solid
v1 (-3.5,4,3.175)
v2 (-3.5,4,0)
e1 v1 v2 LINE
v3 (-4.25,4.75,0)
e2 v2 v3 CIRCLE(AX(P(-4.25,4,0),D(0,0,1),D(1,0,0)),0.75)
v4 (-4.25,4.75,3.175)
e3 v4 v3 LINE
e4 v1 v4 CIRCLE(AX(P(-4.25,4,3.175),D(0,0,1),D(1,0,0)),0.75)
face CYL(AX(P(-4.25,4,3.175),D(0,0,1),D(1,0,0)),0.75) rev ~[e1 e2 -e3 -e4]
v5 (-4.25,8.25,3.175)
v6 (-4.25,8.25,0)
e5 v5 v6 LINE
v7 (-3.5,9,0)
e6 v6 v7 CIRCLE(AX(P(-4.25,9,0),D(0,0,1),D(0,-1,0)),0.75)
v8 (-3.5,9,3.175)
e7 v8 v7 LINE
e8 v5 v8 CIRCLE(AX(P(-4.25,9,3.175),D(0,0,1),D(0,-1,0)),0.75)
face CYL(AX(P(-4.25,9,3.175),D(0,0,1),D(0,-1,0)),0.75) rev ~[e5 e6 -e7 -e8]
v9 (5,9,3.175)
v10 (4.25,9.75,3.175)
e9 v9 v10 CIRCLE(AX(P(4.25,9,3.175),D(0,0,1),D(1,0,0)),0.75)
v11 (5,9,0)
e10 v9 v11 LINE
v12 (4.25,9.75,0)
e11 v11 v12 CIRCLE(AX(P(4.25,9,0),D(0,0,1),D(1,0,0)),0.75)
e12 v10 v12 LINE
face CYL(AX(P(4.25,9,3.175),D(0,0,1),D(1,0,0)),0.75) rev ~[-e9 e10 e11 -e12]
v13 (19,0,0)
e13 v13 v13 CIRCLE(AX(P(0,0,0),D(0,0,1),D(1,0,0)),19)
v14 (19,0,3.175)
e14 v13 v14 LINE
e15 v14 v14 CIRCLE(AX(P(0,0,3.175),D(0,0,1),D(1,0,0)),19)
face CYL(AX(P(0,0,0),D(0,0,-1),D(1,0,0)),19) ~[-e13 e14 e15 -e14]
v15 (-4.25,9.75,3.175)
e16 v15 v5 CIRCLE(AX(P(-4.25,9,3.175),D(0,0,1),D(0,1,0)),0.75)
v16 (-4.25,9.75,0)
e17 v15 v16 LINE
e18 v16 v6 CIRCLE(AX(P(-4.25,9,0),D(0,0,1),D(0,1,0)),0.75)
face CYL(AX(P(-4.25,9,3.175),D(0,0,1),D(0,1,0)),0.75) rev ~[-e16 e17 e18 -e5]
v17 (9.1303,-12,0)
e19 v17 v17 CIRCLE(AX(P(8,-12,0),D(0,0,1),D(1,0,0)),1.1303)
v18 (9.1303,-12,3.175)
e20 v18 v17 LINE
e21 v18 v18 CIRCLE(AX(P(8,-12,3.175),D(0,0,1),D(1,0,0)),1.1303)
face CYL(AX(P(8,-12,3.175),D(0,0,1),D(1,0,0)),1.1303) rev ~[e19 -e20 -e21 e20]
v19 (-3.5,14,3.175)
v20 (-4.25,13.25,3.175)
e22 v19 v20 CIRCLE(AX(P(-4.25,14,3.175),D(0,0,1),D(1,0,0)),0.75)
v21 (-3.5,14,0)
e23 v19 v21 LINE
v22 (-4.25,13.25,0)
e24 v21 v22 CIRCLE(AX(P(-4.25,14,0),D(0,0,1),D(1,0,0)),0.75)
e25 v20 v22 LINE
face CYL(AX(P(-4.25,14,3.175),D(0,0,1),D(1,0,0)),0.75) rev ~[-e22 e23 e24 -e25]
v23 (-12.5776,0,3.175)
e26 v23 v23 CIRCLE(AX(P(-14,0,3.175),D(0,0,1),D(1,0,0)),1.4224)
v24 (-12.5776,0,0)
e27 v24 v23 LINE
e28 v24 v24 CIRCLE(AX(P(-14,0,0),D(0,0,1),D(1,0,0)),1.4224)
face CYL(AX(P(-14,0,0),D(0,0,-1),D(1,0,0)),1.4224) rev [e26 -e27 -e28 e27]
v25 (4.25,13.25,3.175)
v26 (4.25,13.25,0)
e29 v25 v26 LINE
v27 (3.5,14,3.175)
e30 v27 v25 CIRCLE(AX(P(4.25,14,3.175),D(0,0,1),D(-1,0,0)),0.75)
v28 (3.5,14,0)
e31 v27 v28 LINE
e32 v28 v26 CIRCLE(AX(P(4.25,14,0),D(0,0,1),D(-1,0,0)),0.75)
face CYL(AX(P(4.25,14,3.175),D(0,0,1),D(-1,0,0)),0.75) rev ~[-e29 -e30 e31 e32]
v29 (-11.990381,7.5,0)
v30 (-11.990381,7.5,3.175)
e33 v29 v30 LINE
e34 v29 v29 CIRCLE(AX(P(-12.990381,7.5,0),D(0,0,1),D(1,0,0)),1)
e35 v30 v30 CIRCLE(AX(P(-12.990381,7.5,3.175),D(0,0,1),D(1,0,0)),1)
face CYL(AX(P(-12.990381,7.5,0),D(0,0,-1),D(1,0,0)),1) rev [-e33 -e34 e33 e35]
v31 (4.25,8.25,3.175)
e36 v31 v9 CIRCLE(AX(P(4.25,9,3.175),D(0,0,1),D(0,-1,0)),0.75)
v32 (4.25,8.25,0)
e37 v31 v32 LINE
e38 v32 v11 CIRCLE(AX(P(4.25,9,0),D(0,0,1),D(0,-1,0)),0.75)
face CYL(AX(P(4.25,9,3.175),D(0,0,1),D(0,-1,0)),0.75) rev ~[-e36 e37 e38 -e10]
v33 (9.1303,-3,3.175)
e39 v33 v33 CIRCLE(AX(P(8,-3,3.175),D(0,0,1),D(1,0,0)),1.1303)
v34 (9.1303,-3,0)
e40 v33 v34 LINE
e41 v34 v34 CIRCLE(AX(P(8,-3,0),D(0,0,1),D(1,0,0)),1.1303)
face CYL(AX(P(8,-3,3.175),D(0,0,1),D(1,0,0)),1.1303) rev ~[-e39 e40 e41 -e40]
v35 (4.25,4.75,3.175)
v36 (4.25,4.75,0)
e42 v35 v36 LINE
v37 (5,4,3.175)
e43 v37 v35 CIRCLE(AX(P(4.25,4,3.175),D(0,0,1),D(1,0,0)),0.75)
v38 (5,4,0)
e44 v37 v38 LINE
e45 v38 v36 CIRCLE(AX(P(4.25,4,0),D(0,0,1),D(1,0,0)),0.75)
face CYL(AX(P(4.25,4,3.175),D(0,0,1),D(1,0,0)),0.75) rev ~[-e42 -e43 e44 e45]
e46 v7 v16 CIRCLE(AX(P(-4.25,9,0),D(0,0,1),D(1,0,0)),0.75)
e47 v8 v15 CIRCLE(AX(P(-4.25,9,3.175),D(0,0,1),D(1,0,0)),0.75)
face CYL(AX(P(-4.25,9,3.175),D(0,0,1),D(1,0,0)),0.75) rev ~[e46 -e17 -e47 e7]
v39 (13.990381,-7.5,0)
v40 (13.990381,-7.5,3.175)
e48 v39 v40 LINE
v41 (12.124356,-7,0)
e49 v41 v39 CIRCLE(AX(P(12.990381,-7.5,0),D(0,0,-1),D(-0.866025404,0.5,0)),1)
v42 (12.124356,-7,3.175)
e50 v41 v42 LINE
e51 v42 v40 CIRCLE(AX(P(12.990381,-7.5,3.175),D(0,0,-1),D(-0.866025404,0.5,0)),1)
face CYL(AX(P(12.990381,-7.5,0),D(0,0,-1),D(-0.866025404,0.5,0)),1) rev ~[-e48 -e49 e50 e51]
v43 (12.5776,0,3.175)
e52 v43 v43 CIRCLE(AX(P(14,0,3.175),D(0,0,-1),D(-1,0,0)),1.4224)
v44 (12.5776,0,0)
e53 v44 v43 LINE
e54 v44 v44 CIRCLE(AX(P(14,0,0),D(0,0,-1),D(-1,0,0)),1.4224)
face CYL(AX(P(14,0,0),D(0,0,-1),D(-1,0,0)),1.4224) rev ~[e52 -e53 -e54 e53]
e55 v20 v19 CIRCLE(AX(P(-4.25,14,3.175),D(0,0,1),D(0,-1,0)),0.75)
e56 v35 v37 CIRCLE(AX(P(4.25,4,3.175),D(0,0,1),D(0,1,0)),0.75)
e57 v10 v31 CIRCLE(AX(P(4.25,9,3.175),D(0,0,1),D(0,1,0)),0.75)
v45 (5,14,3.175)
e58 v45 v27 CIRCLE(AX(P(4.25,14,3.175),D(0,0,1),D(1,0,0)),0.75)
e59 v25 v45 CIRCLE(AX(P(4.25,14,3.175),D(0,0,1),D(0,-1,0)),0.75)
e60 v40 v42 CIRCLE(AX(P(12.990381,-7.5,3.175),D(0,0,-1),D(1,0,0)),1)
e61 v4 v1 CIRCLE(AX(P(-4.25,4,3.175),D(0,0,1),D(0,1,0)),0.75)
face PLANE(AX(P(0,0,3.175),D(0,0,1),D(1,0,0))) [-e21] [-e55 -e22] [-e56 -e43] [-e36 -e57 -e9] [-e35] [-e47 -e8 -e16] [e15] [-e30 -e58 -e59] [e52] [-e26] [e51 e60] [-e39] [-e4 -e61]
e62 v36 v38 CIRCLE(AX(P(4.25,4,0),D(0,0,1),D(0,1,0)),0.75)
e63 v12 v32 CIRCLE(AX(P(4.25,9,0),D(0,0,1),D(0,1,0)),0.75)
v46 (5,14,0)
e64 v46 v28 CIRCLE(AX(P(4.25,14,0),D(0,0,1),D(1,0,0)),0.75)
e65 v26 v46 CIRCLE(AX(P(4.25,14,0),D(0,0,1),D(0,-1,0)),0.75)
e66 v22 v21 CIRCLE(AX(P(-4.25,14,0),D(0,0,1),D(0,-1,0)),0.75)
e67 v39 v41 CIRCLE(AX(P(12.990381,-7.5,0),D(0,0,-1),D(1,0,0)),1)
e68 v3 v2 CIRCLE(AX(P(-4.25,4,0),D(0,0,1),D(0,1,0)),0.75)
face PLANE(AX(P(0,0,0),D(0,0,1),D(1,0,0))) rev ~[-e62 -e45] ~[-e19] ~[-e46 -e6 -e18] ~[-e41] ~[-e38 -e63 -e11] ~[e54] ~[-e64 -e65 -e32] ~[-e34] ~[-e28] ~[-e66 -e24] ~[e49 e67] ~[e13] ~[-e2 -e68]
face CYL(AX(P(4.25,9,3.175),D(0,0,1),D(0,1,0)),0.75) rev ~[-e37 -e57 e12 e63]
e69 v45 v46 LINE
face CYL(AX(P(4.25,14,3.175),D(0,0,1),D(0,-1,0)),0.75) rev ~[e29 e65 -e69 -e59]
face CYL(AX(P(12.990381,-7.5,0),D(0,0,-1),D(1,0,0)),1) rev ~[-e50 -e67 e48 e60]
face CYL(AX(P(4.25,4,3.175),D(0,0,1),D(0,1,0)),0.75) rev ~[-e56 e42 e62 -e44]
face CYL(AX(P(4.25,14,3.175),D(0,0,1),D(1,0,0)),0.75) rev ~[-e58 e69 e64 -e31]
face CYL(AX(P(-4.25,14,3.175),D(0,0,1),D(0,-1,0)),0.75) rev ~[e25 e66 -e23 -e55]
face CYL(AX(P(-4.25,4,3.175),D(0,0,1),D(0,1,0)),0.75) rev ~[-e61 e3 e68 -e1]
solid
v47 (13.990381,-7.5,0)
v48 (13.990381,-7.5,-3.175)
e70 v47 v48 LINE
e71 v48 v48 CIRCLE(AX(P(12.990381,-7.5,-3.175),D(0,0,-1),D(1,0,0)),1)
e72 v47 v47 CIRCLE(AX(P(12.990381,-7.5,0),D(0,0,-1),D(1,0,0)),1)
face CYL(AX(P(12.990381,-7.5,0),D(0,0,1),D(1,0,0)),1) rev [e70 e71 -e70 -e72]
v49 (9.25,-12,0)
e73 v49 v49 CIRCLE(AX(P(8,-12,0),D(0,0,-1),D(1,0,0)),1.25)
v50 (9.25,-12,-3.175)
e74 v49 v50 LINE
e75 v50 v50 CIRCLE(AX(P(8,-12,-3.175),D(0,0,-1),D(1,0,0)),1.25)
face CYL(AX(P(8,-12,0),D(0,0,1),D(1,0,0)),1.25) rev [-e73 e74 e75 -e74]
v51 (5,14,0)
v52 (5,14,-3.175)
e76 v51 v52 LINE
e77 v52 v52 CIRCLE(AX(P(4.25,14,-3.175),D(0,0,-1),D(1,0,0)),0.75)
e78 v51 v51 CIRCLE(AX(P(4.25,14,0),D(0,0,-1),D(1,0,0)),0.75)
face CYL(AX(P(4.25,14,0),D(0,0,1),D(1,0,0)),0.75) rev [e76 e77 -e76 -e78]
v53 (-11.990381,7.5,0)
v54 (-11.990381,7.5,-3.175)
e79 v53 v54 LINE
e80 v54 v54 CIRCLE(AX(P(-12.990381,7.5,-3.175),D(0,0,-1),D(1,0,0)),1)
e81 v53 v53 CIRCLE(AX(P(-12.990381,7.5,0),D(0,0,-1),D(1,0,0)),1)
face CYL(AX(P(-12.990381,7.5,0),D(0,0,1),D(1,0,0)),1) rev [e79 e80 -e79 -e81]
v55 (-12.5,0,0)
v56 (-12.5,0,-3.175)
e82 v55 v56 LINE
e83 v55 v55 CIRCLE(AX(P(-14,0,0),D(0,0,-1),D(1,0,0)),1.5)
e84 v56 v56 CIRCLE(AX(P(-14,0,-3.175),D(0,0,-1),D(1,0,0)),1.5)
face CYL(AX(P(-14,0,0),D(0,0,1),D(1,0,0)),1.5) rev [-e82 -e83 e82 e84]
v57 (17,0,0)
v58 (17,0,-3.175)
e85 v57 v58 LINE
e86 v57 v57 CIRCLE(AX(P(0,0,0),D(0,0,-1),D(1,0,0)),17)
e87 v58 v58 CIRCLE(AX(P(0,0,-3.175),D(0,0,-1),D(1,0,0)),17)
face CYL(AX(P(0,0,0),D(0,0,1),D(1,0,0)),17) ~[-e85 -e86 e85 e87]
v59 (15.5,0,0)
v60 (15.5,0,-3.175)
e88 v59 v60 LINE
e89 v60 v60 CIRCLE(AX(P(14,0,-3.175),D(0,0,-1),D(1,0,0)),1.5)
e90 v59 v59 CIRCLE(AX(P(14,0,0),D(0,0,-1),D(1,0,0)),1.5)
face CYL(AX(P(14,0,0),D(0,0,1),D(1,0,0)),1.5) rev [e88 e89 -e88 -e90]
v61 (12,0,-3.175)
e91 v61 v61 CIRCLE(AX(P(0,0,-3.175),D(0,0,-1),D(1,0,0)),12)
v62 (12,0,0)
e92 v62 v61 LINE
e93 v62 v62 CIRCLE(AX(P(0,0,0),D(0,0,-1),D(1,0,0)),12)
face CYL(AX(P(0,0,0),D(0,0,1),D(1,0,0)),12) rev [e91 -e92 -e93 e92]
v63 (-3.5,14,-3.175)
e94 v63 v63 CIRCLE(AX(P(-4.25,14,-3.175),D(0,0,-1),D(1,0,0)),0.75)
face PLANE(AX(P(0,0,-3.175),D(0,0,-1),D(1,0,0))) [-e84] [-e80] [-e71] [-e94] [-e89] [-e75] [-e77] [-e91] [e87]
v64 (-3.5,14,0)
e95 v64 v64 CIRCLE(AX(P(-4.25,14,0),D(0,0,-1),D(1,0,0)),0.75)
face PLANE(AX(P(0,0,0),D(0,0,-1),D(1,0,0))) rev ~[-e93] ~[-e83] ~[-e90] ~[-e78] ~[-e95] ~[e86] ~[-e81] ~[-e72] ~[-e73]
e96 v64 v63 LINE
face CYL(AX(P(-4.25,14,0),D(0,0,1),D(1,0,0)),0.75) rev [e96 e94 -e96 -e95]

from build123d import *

# Parameters (mm, degrees)
F0_R     = 19
F0_R_2   = 1
F0_R_3   = 1.4224
F1_DEPTH = 3.175
F3_DEPTH = 25
F4_R     = 1.1303
F5_DEPTH = 25
F6_R     = 17
F6_R_2   = 0.75
F6_R_3   = 1
F6_R_4   = 1.5
F6_R_5   = 12
F6_R_6   = 1.25
F7_DEPTH = 3.175


with BuildPart() as f1:
    # F0 (on Top) → F1 (new body)
    with BuildSketch(Plane.XY):
        Circle(F0_R)
        with Locations((-7.5, -12.9903810568)):
            Circle(F0_R_2, mode=Mode.SUBTRACT)
        with BuildLine():
            ThreePointArc((13.9903810568, -7.5), (12.7315620117, -8.4659258263), (12.124355653, -7))
            ThreePointArc((12.124355653, -7), (13.2492001019, -6.5340741737), (13.9903810568, -7.5))
        make_face(mode=Mode.SUBTRACT)
        with Locations((-14, 0)):
            Circle(F0_R_3, mode=Mode.SUBTRACT)
        with Locations((-12.9903810568, 7.5)):
            Circle(F0_R_2, mode=Mode.SUBTRACT)
        with BuildLine():
            ThreePointArc((15.4224, 0), (14, -1.4224), (12.5776, 0))
            ThreePointArc((12.5776, 0), (14, 1.4224), (15.4224, 0))
        make_face(mode=Mode.SUBTRACT)
        with Locations((7.5, 12.9903810568)):
            Circle(F0_R_2, mode=Mode.SUBTRACT)
        with Locations((-7.5, -12.9903810568)):
            Circle(F0_R_2)
        with Locations((7.5, 12.9903810568)):
            Circle(F0_R_2)
    extrude(amount=F1_DEPTH)

    # F2 (on face) → F3 (cut)
    with BuildSketch(Plane.XY.offset(3.175)):
        with BuildLine():
            Line((-4.25, 13.25), (-4.25, 14))
            Line((-4.25, 14), (-3.5, 14))
            ThreePointArc((-3.5, 14), (-4.7803300859, 14.5303300859), (-4.25, 13.25))
        make_face()
        with BuildLine():
            Line((-3.5, 14), (-4.25, 14))
            Line((-4.25, 14), (-4.25, 13.25))
            ThreePointArc((-4.25, 13.25), (-3.7196699141, 13.4696699141), (-3.5, 14))
        make_face()
        with BuildLine():
            ThreePointArc((5, 4), (4.7803300859, 4.5303300859), (4.25, 4.75))
            ThreePointArc((4.25, 4.75), (3.7196699141, 3.4696699141), (5, 4))
        make_face()
        with BuildLine():
            ThreePointArc((5, 9), (4.7803300859, 9.5303300859), (4.25, 9.75))
            Line((4.25, 9.75), (4.25, 9))
            Line((4.25, 9), (4.25, 8.25))
            ThreePointArc((4.25, 8.25), (4.7803300859, 8.4696699141), (5, 9))
        make_face()
        with BuildLine():
            Line((4.25, 9), (4.25, 9.75))
            ThreePointArc((4.25, 9.75), (3.5, 9), (4.25, 8.25))
            Line((4.25, 8.25), (4.25, 9))
        make_face()
        with BuildLine():
            ThreePointArc((5, 14), (4.25, 14.75), (3.5, 14))
            Line((3.5, 14), (4.25, 14))
            Line((4.25, 14), (4.25, 13.25))
            ThreePointArc((4.25, 13.25), (4.7803300859, 13.4696699141), (5, 14))
        make_face()
        with BuildLine():
            Line((4.25, 14), (3.5, 14))
            ThreePointArc((3.5, 14), (3.7196699141, 13.4696699141), (4.25, 13.25))
            Line((4.25, 13.25), (4.25, 14))
        make_face()
        with BuildLine():
            ThreePointArc((-3.5, 4), (-3.7196699141, 4.5303300859), (-4.25, 4.75))
            ThreePointArc((-4.25, 4.75), (-4.7803300859, 3.4696699141), (-3.5, 4))
        make_face()
        with BuildLine():
            ThreePointArc((-3.5, 9), (-3.7196699141, 9.5303300859), (-4.25, 9.75))
            Line((-4.25, 9.75), (-4.25, 9))
            Line((-4.25, 9), (-4.25, 8.25))
            ThreePointArc((-4.25, 8.25), (-3.7196699141, 8.4696699141), (-3.5, 9))
        make_face()
        with BuildLine():
            Line((-4.25, 9), (-4.25, 9.75))
            ThreePointArc((-4.25, 9.75), (-5, 9), (-4.25, 8.25))
            Line((-4.25, 8.25), (-4.25, 9))
        make_face()
    extrude(amount=-F3_DEPTH, mode=Mode.SUBTRACT)

    # F4 (on face) → F5 (cut)
    with BuildSketch(Plane.XY.offset(3.175)):
        with Locations((8, -3)):
            Circle(F4_R)
        with Locations((8, -12)):
            Circle(F4_R)
    extrude(amount=-F5_DEPTH, mode=Mode.SUBTRACT)


with BuildPart() as f7:
    # F6 (on face) → F7 (new body)
    with BuildSketch(Plane(origin=(0, 0, 0), x_dir=(1, 0, 0), z_dir=(0, 0, -1))):
        Circle(F6_R)
        with Locations((-4.25, -14)):
            Circle(F6_R_2, mode=Mode.SUBTRACT)
        with Locations((-12.9903810568, -7.5)):
            Circle(F6_R_3, mode=Mode.SUBTRACT)
        with Locations((4.25, -14)):
            Circle(F6_R_2, mode=Mode.SUBTRACT)
        with Locations((-14, 0)):
            Circle(F6_R_4, mode=Mode.SUBTRACT)
        Circle(F6_R_5, mode=Mode.SUBTRACT)
        with Locations((14, 0)):
            Circle(F6_R_4, mode=Mode.SUBTRACT)
        with Locations((12.9903810568, 7.5)):
            Circle(F6_R_3, mode=Mode.SUBTRACT)
        with Locations((8, 12)):
            Circle(F6_R_6, mode=Mode.SUBTRACT)
    extrude(amount=F7_DEPTH)


solid = Compound([f1.part, f7.part])
